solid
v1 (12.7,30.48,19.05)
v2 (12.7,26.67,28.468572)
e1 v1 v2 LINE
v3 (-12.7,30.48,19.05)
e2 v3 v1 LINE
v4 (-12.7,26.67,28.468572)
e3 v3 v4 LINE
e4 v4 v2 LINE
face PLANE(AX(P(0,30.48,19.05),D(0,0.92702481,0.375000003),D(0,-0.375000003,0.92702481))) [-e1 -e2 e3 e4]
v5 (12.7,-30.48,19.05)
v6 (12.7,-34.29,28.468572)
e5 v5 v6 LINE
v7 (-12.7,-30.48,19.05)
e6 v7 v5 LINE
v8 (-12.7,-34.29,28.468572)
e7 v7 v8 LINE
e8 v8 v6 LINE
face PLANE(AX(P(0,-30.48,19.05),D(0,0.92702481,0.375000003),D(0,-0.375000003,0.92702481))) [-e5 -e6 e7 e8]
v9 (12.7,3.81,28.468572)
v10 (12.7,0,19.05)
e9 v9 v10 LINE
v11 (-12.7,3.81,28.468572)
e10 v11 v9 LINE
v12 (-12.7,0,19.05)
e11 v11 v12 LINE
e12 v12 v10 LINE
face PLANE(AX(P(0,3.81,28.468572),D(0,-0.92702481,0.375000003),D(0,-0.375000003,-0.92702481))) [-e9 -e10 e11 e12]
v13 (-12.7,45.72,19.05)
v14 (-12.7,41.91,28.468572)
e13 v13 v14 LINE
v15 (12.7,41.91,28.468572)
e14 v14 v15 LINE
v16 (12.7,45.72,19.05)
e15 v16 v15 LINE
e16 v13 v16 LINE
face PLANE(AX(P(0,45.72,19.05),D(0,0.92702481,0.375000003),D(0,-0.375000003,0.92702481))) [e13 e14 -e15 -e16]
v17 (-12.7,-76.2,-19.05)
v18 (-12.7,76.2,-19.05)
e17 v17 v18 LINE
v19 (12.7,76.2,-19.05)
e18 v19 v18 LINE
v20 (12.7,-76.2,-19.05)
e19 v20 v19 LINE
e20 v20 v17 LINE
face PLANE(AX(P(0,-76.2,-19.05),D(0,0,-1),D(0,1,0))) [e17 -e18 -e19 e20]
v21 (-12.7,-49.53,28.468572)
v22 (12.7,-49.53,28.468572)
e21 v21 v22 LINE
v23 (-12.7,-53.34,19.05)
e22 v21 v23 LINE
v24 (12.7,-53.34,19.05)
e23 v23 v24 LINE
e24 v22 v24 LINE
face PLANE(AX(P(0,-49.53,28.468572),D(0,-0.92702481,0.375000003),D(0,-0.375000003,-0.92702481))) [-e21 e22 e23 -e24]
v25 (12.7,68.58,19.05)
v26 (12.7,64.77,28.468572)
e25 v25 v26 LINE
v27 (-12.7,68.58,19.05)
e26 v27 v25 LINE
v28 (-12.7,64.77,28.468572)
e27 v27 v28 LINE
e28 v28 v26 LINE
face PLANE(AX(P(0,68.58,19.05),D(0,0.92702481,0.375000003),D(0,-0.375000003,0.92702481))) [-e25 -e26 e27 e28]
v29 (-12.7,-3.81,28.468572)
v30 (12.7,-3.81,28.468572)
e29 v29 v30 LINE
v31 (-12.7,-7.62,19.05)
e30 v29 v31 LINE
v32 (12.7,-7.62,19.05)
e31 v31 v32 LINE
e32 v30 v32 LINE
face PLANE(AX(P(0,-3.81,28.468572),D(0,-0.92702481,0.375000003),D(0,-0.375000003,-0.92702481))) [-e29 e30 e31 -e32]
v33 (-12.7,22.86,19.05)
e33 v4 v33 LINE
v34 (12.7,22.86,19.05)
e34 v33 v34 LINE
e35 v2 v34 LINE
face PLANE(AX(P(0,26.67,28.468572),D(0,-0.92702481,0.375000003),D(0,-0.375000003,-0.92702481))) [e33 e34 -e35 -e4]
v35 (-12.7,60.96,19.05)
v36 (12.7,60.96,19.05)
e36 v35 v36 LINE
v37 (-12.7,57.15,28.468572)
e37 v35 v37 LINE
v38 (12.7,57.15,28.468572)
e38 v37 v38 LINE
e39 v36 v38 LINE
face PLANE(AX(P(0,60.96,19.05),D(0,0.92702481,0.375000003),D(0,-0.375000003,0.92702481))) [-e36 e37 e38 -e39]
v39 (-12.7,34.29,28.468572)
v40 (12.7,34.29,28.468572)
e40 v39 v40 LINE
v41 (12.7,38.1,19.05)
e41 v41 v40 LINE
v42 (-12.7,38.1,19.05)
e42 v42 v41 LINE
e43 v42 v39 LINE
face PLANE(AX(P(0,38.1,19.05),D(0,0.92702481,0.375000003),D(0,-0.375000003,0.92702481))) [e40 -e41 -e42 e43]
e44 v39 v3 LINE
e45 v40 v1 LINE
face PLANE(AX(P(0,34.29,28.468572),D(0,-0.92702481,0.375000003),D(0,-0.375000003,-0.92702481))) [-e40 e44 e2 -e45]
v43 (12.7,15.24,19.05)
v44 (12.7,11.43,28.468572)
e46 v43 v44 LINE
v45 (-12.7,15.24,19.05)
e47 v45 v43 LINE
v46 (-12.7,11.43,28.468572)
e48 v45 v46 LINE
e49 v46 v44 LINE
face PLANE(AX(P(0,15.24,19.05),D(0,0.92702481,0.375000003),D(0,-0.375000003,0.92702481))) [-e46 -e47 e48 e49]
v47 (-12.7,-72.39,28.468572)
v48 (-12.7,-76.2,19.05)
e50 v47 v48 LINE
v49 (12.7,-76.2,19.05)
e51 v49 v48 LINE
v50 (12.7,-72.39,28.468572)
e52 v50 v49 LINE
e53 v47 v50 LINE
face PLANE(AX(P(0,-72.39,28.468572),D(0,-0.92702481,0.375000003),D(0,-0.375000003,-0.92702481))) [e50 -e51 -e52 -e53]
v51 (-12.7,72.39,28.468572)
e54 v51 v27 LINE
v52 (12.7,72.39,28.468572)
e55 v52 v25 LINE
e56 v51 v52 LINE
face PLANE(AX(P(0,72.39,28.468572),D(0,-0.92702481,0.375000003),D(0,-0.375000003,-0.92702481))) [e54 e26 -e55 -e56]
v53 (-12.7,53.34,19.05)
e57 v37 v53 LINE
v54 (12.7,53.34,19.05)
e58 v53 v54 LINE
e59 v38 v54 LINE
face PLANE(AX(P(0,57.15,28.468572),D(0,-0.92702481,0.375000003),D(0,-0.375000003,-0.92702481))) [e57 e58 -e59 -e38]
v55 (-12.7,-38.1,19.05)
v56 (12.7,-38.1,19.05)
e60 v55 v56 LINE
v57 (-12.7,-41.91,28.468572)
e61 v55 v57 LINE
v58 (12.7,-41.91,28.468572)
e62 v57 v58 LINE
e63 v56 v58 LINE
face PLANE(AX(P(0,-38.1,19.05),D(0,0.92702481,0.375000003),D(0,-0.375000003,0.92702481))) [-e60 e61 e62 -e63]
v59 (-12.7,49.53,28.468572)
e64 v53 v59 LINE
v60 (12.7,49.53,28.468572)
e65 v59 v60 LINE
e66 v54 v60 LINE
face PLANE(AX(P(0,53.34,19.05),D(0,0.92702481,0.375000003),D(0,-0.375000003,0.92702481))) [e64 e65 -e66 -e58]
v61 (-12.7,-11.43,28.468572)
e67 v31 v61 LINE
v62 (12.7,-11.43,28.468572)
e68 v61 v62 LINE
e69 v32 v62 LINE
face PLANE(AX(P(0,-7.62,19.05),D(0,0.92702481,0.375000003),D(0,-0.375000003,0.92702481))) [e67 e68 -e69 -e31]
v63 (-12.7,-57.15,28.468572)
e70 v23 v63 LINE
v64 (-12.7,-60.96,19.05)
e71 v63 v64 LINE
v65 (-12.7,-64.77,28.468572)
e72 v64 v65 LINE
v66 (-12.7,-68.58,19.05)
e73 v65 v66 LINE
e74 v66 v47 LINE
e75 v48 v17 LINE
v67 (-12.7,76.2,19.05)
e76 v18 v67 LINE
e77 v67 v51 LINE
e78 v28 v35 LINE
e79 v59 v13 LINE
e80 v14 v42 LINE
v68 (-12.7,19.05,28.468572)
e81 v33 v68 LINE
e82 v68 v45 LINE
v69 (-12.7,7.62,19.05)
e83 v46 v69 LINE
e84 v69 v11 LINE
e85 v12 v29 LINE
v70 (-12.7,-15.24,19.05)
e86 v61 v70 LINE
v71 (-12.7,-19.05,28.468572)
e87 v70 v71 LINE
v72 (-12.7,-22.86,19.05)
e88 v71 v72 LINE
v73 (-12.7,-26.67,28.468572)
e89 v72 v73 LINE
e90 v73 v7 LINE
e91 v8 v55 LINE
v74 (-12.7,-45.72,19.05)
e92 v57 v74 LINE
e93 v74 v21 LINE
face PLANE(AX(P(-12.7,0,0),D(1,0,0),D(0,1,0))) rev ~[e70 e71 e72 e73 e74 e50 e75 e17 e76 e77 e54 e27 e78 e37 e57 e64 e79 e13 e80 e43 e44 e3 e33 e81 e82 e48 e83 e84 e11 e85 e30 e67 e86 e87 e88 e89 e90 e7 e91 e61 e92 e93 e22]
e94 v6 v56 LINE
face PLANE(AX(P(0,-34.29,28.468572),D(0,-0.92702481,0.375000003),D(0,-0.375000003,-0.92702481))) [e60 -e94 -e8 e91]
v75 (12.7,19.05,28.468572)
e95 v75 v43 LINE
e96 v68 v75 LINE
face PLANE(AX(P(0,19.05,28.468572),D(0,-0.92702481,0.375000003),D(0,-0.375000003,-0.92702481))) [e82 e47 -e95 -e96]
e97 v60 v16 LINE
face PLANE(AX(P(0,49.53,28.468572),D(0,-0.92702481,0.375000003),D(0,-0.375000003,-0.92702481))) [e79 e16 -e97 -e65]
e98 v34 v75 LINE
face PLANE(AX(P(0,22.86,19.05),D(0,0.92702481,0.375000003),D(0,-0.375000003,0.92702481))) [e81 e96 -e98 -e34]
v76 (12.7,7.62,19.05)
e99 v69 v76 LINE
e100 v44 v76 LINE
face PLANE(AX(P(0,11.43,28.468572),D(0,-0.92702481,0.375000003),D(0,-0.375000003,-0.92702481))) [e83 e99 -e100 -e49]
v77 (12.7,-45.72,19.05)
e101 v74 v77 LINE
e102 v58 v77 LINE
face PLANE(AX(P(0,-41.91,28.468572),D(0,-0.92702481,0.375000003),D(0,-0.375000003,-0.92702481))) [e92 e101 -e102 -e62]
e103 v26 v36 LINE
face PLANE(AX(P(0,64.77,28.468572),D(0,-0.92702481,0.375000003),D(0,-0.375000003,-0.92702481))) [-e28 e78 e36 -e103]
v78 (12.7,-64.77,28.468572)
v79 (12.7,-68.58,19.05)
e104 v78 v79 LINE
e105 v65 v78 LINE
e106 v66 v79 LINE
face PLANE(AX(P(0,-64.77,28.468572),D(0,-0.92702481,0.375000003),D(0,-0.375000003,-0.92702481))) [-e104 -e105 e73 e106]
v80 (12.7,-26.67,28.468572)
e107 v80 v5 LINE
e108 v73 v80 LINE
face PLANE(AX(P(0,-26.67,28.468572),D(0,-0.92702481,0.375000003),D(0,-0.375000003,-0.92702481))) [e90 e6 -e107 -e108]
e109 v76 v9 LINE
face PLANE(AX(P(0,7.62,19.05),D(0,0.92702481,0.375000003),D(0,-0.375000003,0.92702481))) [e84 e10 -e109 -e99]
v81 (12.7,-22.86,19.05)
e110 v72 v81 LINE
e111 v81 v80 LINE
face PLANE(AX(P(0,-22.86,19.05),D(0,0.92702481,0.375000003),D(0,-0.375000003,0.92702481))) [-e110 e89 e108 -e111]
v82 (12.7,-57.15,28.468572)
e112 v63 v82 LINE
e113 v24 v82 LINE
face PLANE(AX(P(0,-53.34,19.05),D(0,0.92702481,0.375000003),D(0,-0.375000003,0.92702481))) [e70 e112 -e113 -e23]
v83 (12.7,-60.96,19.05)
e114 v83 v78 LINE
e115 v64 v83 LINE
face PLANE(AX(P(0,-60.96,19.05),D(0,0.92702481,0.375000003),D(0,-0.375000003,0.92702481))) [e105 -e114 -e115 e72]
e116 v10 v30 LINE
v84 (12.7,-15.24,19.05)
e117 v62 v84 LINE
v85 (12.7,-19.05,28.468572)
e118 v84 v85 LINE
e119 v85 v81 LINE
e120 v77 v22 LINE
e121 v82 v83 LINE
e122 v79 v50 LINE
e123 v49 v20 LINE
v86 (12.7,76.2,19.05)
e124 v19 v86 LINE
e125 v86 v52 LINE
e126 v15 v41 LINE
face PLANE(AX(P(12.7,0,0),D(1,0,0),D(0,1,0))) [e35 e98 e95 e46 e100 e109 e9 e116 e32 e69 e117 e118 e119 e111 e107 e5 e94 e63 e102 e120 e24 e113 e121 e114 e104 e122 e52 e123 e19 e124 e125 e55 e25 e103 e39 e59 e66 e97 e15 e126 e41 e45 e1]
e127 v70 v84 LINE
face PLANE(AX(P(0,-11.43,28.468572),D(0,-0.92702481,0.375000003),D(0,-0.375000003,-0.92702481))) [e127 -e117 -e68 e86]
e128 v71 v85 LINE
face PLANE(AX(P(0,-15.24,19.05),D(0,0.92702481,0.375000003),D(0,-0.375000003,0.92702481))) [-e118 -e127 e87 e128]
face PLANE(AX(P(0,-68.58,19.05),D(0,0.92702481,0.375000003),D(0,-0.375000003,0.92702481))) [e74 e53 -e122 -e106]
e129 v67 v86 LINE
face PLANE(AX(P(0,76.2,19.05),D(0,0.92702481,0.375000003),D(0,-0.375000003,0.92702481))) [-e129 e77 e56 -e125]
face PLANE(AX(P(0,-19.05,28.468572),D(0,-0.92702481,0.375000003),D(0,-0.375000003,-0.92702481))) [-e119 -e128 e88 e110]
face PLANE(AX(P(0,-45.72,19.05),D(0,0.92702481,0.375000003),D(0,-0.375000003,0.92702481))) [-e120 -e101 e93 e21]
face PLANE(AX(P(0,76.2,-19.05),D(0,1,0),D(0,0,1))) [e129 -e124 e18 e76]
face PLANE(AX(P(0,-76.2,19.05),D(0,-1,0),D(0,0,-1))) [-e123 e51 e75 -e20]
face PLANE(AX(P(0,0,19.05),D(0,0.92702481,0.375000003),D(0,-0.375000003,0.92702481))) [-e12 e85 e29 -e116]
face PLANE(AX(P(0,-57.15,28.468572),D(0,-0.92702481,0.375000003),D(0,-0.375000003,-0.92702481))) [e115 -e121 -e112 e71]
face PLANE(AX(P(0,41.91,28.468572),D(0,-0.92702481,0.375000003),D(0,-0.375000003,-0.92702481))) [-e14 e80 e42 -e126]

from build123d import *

# Parameters (mm, degrees)
F1_DEPTH = 12.7


with BuildPart() as f1:
    # F0 (on Right) → F1 (new body, symmetric)
    with BuildSketch(Plane.YZ):
        Polygon((76.2, -19.05), (76.2, 19.05), (68.58, 19.05), (60.96, 19.05), (53.34, 19.05), (45.72, 19.05), (38.1, 19.05), (30.48, 19.05), (22.86, 19.05), (15.24, 19.05), (7.62, 19.05), (0, 19.05), (-7.62, 19.05), (-15.24, 19.05), (-22.86, 19.05), (-30.48, 19.05), (-38.1, 19.05), (-45.72, 19.05), (-53.34, 19.05), (-60.96, 19.05), (-68.58, 19.05), (-76.2, 19.05), (-76.2, -19.05), align=None)
        Polygon((68.58, 19.05), (76.2, 19.05), (72.39, 28.468572), align=None)
        Polygon((60.96, 19.05), (68.58, 19.05), (64.77, 28.468572), align=None)
        Polygon((53.34, 19.05), (60.96, 19.05), (57.15, 28.468572), align=None)
        Polygon((45.72, 19.05), (53.34, 19.05), (49.53, 28.468572), align=None)
        Polygon((-72.39, 28.468572), (-76.2, 19.05), (-68.58, 19.05), align=None)
        Polygon((38.1, 19.05), (45.72, 19.05), (41.91, 28.468572), align=None)
        Polygon((-64.77, 28.468572), (-68.58, 19.05), (-60.96, 19.05), align=None)
        Polygon((30.48, 19.05), (38.1, 19.05), (34.29, 28.468572), align=None)
        Polygon((-57.15, 28.468572), (-60.96, 19.05), (-53.34, 19.05), align=None)
        Polygon((22.86, 19.05), (30.48, 19.05), (26.67, 28.468572), align=None)
        Polygon((-49.53, 28.468572), (-53.34, 19.05), (-45.72, 19.05), align=None)
        Polygon((15.24, 19.05), (22.86, 19.05), (19.05, 28.468572), align=None)
        Polygon((-41.91, 28.468572), (-45.72, 19.05), (-38.1, 19.05), align=None)
        Polygon((7.62, 19.05), (15.24, 19.05), (11.43, 28.468572), align=None)
        Polygon((-34.29, 28.468572), (-38.1, 19.05), (-30.48, 19.05), align=None)
        Polygon((0, 19.05), (7.62, 19.05), (3.81, 28.468572), align=None)
        Polygon((-26.67, 28.468572), (-30.48, 19.05), (-22.86, 19.05), align=None)
        Polygon((-7.62, 19.05), (0, 19.05), (-3.81, 28.468572), align=None)
        Polygon((-19.05, 28.468572), (-22.86, 19.05), (-15.24, 19.05), align=None)
        Polygon((-15.24, 19.05), (-7.62, 19.05), (-11.43, 28.468572), align=None)
    extrude(amount=F1_DEPTH, both=True)


solid = f1.part
